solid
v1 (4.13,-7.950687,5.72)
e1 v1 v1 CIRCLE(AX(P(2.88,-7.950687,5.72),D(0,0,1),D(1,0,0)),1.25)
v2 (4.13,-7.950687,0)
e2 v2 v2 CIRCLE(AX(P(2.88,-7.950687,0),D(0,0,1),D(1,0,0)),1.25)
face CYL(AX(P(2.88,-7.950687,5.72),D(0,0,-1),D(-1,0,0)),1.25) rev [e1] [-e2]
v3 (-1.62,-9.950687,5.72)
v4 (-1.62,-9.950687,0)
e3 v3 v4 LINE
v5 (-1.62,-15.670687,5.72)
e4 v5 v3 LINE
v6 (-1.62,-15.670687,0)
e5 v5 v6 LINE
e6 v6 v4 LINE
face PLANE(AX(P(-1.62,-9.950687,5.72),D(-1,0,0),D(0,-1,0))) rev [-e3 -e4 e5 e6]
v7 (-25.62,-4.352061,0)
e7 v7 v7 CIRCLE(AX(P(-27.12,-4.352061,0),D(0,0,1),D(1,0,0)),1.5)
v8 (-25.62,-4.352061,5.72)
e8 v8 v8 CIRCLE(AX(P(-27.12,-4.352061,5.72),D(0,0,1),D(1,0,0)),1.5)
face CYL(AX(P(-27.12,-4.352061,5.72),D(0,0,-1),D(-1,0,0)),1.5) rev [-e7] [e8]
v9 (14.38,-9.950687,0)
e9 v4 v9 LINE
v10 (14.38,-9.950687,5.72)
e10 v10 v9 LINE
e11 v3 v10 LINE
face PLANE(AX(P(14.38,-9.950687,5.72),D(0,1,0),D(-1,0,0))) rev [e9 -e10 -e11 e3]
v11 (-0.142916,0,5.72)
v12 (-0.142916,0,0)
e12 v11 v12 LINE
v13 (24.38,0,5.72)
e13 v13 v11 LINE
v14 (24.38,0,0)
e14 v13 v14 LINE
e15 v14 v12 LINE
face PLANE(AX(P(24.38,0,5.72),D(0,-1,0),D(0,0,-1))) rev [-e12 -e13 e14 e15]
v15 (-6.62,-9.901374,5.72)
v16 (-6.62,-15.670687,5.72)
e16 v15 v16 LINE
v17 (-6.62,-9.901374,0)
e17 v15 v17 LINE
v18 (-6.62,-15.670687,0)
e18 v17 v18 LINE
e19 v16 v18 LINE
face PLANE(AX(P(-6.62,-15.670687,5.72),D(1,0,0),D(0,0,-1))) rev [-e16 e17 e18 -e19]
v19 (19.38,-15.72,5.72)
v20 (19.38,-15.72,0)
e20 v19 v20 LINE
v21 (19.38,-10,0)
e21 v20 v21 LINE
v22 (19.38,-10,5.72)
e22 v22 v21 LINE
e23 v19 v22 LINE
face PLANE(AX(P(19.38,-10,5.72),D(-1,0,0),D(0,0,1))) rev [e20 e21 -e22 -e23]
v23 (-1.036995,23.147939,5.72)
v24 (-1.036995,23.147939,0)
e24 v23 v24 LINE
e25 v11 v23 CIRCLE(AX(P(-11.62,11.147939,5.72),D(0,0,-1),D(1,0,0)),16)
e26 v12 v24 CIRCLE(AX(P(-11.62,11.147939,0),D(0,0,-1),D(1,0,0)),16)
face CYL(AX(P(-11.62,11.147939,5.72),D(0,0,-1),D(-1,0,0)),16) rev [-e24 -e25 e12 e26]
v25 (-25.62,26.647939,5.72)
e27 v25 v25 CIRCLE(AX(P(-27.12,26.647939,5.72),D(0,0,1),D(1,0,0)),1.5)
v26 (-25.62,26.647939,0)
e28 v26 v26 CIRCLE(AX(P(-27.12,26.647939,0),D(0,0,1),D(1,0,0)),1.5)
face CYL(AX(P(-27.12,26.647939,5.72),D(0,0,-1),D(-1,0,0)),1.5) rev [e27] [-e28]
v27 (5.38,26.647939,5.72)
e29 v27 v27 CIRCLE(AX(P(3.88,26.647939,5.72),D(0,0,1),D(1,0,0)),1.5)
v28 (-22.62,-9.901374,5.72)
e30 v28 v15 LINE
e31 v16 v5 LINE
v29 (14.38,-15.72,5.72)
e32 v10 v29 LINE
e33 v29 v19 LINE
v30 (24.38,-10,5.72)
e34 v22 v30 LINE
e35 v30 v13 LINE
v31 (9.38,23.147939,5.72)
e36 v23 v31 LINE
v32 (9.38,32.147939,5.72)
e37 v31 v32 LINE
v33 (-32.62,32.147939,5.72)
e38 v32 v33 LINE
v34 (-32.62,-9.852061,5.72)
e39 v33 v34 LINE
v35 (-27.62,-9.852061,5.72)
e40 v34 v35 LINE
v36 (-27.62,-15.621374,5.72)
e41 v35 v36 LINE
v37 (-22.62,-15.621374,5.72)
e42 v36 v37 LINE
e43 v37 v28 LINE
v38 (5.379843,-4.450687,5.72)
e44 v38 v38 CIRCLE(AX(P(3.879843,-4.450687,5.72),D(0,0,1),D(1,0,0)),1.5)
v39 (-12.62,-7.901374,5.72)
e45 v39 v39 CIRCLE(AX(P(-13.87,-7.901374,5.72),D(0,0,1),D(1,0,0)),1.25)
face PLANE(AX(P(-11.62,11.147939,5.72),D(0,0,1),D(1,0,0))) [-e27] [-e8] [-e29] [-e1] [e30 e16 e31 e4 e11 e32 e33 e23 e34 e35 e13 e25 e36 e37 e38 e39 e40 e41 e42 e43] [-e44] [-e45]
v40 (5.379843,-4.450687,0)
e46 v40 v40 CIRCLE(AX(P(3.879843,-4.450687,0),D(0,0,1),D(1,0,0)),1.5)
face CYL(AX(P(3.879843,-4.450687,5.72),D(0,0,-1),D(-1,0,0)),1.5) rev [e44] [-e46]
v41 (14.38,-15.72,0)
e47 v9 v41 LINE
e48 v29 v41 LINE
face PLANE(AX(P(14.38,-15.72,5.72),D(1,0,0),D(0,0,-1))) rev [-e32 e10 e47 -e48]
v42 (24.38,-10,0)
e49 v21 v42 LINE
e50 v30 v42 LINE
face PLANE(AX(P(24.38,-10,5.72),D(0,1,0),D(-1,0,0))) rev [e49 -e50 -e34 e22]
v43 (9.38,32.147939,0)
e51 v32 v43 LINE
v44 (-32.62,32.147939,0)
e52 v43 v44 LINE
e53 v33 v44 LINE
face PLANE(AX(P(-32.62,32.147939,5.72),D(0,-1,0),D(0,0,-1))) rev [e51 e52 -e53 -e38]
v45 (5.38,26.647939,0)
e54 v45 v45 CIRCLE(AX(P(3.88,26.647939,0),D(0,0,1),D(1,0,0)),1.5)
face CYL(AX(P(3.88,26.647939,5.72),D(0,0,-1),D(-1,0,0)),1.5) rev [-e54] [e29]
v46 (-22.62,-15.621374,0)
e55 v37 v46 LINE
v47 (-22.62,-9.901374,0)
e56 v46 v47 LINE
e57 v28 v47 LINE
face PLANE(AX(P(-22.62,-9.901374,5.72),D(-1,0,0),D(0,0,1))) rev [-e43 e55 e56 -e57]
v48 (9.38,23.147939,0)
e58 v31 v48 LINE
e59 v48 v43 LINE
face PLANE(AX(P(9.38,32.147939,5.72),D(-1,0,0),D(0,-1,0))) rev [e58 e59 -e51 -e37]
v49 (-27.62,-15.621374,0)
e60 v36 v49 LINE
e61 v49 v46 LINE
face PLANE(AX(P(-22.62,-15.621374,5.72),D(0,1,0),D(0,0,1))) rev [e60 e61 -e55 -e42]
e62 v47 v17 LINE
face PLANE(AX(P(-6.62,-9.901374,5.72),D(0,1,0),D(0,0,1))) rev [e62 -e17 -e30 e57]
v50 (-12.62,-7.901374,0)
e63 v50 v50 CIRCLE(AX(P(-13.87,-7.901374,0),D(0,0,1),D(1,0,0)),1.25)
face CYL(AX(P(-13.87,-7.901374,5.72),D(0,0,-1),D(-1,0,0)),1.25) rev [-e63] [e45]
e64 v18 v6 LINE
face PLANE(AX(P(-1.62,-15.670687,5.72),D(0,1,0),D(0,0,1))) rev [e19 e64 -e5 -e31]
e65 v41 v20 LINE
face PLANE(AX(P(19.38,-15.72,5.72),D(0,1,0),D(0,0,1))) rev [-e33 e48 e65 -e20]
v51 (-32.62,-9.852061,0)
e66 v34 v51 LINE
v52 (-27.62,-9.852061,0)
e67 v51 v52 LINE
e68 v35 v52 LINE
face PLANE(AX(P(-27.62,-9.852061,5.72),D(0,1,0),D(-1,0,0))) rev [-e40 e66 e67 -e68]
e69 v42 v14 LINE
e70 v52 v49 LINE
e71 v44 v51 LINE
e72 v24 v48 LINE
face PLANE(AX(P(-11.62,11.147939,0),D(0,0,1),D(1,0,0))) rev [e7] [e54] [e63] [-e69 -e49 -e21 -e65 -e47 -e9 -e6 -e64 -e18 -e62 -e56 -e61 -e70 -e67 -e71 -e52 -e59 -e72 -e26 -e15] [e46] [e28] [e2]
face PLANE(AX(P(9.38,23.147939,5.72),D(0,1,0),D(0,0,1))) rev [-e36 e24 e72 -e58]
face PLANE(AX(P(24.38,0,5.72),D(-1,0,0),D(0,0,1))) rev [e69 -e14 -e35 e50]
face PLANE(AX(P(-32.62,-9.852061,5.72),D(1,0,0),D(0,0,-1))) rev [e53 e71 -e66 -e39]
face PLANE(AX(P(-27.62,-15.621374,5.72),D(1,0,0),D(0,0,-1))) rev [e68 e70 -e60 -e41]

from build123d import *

# Parameters (mm, degrees)
SKETCH1_R           = 1.25
SKETCH1_R_2         = 1.5
BOSS_EXTRUDE1_DEPTH = 5.72


with BuildPart() as part:
    # Sketch1 → Boss-Extrude1 (new body)
    with BuildSketch(Plane.XY):
        with BuildLine():
            Line((9.38, 23.147938931), (-1.036994756, 23.147938931))
            ThreePointArc((-1.036994756, 23.147938931), (-27.608078489, 10.53040656), (-0.142915981, 0))
            Line((-0.142915981, 0), (24.38, 0))
            Line((24.38, 0), (24.38, -10))
            Line((24.38, -10), (19.38, -10))
            Line((19.38, -10), (19.38, -15.72))
            Line((19.38, -15.72), (14.38, -15.72))
            Line((14.38, -15.72), (14.38, -9.950687023))
            Line((14.38, -9.950687023), (-1.62, -9.950687023))
            Line((-1.62, -9.950687023), (-1.62, -15.670687023))
            Line((-1.62, -15.670687023), (-6.62, -15.670687023))
            Line((-6.62, -15.670687023), (-6.62, -9.901374046))
            Line((-6.62, -9.901374046), (-22.62, -9.901374046))
            Line((-22.62, -9.901374046), (-22.62, -15.621374046))
            Line((-22.62, -15.621374046), (-27.62, -15.621374046))
            Line((-27.62, -15.621374046), (-27.62, -9.852061069))
            Line((-27.62, -9.852061069), (-32.62, -9.852061069))
            Line((-32.62, -9.852061069), (-32.62, 32.147938931))
            Line((-32.62, 32.147938931), (9.38, 32.147938931))
            Line((9.38, 32.147938931), (9.38, 23.147938931))
        make_face()
        with Locations((2.88, -7.950687023)):
            Circle(SKETCH1_R, mode=Mode.SUBTRACT)
        with Locations((-13.87, -7.901374046)):
            Circle(SKETCH1_R, mode=Mode.SUBTRACT)
        with Locations((3.879843111, -4.450687023)):
            Circle(SKETCH1_R_2, mode=Mode.SUBTRACT)
        with Locations((-27.12, -4.352061069)):
            Circle(SKETCH1_R_2, mode=Mode.SUBTRACT)
        with Locations((-27.12, 26.647938931)):
            Circle(SKETCH1_R_2, mode=Mode.SUBTRACT)
        with Locations((3.88, 26.647938931)):
            Circle(SKETCH1_R_2, mode=Mode.SUBTRACT)
    extrude(amount=BOSS_EXTRUDE1_DEPTH)


solid = part.part
